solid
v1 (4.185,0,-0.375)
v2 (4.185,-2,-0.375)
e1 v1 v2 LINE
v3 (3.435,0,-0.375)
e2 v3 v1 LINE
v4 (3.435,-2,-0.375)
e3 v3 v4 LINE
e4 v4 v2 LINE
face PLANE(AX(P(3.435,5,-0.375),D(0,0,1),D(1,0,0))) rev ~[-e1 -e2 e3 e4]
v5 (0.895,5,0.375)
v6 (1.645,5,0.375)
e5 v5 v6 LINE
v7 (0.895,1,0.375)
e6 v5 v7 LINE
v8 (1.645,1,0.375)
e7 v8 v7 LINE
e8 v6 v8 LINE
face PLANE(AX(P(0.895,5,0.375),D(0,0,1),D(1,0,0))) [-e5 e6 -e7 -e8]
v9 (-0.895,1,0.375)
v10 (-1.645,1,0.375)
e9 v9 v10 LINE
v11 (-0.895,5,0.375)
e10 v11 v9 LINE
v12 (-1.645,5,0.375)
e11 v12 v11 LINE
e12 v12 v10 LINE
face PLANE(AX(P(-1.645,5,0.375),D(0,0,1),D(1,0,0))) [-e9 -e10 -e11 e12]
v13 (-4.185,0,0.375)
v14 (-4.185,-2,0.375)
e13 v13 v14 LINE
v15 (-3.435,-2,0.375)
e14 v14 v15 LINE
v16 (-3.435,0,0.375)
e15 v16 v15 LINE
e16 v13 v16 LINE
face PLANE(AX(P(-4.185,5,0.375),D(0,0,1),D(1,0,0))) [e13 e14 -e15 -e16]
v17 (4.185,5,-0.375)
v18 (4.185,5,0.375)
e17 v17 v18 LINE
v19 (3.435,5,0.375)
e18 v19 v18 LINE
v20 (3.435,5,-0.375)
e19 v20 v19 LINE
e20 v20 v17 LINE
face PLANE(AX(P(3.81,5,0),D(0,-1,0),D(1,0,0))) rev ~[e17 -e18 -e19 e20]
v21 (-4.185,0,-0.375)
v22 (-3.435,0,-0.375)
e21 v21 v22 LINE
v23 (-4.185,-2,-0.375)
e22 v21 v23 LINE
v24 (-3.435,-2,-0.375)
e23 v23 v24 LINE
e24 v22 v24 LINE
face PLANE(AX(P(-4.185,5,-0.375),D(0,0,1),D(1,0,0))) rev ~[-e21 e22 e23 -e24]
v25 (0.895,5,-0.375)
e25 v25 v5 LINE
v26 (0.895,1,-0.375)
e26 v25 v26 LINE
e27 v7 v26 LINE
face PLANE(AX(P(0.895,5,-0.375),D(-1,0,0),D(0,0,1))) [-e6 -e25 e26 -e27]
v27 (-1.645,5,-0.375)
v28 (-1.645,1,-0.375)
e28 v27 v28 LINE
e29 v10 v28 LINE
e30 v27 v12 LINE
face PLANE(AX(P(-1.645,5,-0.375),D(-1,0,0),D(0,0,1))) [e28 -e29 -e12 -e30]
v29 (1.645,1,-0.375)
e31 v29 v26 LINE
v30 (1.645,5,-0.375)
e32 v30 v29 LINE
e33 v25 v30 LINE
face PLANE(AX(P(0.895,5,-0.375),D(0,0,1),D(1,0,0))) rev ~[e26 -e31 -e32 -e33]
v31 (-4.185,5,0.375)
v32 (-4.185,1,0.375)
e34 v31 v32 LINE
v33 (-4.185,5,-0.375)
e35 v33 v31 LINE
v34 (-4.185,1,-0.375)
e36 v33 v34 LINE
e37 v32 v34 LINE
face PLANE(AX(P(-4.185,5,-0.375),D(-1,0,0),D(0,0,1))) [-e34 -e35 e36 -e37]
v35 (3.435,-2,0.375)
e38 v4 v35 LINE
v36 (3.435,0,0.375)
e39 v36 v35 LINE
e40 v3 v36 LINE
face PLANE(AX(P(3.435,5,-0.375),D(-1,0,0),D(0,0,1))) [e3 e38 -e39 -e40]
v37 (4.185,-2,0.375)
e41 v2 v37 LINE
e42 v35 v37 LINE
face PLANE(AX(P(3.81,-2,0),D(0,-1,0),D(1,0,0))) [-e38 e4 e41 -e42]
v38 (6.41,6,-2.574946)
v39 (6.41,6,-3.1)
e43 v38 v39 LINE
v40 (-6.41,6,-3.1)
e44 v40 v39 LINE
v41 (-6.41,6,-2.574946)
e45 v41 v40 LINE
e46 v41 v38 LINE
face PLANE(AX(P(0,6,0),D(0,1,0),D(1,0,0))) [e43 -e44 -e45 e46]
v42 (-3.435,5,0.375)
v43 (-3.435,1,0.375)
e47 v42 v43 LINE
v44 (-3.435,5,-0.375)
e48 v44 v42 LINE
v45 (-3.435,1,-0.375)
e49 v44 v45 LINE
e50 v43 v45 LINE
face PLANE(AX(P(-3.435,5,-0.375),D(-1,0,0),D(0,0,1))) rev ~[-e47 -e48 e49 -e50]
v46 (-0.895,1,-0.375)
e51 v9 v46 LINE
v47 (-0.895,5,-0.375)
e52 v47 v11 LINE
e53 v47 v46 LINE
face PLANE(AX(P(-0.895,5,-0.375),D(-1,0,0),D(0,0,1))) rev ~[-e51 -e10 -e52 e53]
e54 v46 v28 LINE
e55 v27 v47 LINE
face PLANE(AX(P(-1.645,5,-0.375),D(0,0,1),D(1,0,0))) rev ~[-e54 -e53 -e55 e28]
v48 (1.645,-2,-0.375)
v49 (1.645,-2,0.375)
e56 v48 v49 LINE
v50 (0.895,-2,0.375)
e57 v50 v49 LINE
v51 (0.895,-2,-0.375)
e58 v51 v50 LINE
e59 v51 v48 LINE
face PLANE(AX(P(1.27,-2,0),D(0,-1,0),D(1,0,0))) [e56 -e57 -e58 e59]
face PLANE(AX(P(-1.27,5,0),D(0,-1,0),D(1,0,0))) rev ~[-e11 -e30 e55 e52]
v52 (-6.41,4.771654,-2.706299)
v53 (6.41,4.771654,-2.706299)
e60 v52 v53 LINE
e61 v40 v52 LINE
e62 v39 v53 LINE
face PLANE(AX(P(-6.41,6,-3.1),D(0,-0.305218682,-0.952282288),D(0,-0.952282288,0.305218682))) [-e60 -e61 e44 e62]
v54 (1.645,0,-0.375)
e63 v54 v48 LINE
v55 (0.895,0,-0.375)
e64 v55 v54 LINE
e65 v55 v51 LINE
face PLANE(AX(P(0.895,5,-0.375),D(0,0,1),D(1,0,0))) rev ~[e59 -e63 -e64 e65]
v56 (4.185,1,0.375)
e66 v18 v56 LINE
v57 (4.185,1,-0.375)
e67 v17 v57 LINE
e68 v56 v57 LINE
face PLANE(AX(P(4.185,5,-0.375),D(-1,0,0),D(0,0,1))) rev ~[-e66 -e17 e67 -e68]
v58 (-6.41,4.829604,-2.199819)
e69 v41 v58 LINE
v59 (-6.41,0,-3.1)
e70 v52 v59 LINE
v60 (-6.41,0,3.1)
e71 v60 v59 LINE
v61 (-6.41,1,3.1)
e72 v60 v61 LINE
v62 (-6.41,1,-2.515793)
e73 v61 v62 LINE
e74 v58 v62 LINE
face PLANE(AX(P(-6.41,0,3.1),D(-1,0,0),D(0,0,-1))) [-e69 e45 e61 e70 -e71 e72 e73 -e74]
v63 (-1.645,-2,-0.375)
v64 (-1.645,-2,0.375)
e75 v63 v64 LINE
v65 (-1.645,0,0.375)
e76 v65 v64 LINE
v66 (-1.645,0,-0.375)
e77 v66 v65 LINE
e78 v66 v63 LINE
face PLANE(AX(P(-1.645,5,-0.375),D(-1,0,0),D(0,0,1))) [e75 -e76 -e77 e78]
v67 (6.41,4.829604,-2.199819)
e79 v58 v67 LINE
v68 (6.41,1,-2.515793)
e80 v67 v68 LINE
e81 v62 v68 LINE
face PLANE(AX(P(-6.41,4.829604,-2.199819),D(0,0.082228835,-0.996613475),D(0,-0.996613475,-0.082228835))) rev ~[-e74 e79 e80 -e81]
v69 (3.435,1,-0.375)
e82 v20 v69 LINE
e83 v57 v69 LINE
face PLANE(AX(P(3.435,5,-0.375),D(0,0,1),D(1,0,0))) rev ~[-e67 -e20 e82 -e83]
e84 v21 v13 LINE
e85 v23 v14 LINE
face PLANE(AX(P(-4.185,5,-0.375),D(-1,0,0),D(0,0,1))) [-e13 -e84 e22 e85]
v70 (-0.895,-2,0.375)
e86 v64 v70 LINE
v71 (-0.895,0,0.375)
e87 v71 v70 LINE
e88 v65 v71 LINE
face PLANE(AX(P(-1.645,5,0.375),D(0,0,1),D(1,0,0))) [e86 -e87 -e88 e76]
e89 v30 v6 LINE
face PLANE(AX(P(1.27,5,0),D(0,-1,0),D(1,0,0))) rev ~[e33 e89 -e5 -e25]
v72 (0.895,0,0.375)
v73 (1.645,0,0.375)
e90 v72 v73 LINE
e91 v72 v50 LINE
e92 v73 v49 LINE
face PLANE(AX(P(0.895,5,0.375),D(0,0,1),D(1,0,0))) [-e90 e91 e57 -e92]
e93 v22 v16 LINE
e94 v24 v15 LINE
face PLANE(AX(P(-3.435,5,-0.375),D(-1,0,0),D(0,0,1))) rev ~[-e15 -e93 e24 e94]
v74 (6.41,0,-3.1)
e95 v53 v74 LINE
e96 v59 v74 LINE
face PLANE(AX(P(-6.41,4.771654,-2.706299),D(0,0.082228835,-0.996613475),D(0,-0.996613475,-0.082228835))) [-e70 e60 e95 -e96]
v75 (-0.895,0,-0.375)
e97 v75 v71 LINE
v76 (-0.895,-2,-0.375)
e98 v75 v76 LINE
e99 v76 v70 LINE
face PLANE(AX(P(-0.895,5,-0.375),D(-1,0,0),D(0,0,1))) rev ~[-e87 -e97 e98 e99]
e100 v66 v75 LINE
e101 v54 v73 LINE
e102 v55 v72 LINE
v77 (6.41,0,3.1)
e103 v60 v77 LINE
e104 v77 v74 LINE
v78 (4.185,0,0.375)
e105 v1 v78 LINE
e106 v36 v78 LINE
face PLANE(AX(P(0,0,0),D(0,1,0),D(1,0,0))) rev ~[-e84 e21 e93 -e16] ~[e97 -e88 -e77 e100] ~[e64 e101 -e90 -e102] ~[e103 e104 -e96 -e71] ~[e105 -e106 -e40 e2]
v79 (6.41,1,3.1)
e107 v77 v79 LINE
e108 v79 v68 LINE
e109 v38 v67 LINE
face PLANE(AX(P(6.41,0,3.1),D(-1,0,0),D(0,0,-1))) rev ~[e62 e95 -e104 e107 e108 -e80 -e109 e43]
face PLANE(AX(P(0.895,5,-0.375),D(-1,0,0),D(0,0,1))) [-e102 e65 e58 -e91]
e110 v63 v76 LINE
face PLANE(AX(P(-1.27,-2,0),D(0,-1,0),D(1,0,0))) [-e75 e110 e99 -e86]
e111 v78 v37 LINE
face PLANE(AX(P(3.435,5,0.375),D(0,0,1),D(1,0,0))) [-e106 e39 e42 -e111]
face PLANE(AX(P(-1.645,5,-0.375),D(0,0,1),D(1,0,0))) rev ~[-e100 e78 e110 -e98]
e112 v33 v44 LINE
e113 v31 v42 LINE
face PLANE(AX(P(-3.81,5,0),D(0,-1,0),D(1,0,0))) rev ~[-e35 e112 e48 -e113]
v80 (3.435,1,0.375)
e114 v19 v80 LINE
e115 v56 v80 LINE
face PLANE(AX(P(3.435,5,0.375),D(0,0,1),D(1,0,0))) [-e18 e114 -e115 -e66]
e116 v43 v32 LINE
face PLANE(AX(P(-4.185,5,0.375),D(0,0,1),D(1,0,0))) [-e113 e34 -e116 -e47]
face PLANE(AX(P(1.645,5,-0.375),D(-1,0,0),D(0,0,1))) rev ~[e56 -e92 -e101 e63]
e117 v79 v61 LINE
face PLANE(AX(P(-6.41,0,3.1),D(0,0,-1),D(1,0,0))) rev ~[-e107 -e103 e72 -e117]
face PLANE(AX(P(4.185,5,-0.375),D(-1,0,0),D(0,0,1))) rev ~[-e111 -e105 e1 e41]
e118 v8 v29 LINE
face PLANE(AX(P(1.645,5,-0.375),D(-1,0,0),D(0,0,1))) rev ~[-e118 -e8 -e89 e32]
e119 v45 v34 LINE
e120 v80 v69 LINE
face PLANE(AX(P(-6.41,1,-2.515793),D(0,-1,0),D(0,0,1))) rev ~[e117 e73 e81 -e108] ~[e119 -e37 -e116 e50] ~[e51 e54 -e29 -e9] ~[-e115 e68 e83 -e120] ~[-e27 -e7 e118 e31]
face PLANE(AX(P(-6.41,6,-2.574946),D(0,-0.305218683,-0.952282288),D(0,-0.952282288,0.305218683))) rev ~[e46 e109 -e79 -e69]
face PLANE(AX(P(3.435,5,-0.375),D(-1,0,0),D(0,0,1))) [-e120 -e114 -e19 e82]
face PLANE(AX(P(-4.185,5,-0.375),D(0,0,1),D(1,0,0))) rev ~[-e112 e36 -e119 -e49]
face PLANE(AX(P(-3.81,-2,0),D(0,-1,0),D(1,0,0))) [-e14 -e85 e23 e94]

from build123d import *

# Parameters (mm, degrees)
SKETCH_1_W           = 12.82
SKETCH_1_H           = 6.2
EXTRUDE_1_DEPTH      = 6
SKETCH_2_W           = 12.82
SKETCH_2_H           = 5.2
CUT_EXTRUDE_1_DEPTH  = 5
CUT_EXTRUDE_2_DEPTH  = 15.490079365
CUT_EXTRUDE_3_DEPTH  = 15.490079365
EXTRUDE_2_DEPTH      = 2
EXTRUDE_2_DEPTH_BACK = 5
SKETCH_4_W           = 0.75
SKETCH_4_H           = 0.75


with BuildPart() as part:
    # 草图1 → 拉伸1 (new body)
    with BuildSketch(Plane(origin=(0, 0, 0), x_dir=(1, 0, 0), z_dir=(0, 1, 0))):
        Rectangle(SKETCH_1_W, SKETCH_1_H)
    extrude(amount=EXTRUDE_1_DEPTH)

    # 草图2 → 切除-拉伸1 (cut)
    with BuildSketch(Plane(origin=(0, 6, 0), x_dir=(-1, 0, 0), z_dir=(0, 1, 0))):
        with Locations((0, 0.5)):
            Rectangle(SKETCH_2_W, SKETCH_2_H)
    extrude(amount=-CUT_EXTRUDE_1_DEPTH, mode=Mode.SUBTRACT)

    # 草图5 → 切除-拉伸2 (cut, through all)
    with BuildSketch(Plane.ZY.offset(6.41)):
        Polygon((-3.1, 6), (-2.706299213, 4.771653543), (-3.1, 0), align=None)
    extrude(amount=-CUT_EXTRUDE_2_DEPTH, mode=Mode.SUBTRACT)

    # 草图6 → 切除-拉伸3 (cut, through all)
    with BuildSketch(Plane.ZY.offset(6.41)):
        Polygon((-2.1, 1), (-2.1, 6), (-2.574945606, 6), (-2.19981878, 4.829604305), (-2.515792733, 1), align=None)
    extrude(amount=-CUT_EXTRUDE_3_DEPTH, mode=Mode.SUBTRACT)

    # 草图4 → 拉伸2 (add, two sides: drawn at the far end of the back side and taken through both)
    with BuildSketch(Plane.XZ.offset(-EXTRUDE_2_DEPTH_BACK)):
        with Locations((-1.27, 0)):
            Rectangle(SKETCH_4_W, SKETCH_4_H)
        with Locations((1.27, 0)):
            Rectangle(SKETCH_4_W, SKETCH_4_H)
        with Locations((3.81, 0)):
            Rectangle(SKETCH_4_W, SKETCH_4_H)
        with Locations((-3.81, 0)):
            Rectangle(SKETCH_4_W, SKETCH_4_H)
    extrude(amount=EXTRUDE_2_DEPTH + EXTRUDE_2_DEPTH_BACK)


solid = part.part
